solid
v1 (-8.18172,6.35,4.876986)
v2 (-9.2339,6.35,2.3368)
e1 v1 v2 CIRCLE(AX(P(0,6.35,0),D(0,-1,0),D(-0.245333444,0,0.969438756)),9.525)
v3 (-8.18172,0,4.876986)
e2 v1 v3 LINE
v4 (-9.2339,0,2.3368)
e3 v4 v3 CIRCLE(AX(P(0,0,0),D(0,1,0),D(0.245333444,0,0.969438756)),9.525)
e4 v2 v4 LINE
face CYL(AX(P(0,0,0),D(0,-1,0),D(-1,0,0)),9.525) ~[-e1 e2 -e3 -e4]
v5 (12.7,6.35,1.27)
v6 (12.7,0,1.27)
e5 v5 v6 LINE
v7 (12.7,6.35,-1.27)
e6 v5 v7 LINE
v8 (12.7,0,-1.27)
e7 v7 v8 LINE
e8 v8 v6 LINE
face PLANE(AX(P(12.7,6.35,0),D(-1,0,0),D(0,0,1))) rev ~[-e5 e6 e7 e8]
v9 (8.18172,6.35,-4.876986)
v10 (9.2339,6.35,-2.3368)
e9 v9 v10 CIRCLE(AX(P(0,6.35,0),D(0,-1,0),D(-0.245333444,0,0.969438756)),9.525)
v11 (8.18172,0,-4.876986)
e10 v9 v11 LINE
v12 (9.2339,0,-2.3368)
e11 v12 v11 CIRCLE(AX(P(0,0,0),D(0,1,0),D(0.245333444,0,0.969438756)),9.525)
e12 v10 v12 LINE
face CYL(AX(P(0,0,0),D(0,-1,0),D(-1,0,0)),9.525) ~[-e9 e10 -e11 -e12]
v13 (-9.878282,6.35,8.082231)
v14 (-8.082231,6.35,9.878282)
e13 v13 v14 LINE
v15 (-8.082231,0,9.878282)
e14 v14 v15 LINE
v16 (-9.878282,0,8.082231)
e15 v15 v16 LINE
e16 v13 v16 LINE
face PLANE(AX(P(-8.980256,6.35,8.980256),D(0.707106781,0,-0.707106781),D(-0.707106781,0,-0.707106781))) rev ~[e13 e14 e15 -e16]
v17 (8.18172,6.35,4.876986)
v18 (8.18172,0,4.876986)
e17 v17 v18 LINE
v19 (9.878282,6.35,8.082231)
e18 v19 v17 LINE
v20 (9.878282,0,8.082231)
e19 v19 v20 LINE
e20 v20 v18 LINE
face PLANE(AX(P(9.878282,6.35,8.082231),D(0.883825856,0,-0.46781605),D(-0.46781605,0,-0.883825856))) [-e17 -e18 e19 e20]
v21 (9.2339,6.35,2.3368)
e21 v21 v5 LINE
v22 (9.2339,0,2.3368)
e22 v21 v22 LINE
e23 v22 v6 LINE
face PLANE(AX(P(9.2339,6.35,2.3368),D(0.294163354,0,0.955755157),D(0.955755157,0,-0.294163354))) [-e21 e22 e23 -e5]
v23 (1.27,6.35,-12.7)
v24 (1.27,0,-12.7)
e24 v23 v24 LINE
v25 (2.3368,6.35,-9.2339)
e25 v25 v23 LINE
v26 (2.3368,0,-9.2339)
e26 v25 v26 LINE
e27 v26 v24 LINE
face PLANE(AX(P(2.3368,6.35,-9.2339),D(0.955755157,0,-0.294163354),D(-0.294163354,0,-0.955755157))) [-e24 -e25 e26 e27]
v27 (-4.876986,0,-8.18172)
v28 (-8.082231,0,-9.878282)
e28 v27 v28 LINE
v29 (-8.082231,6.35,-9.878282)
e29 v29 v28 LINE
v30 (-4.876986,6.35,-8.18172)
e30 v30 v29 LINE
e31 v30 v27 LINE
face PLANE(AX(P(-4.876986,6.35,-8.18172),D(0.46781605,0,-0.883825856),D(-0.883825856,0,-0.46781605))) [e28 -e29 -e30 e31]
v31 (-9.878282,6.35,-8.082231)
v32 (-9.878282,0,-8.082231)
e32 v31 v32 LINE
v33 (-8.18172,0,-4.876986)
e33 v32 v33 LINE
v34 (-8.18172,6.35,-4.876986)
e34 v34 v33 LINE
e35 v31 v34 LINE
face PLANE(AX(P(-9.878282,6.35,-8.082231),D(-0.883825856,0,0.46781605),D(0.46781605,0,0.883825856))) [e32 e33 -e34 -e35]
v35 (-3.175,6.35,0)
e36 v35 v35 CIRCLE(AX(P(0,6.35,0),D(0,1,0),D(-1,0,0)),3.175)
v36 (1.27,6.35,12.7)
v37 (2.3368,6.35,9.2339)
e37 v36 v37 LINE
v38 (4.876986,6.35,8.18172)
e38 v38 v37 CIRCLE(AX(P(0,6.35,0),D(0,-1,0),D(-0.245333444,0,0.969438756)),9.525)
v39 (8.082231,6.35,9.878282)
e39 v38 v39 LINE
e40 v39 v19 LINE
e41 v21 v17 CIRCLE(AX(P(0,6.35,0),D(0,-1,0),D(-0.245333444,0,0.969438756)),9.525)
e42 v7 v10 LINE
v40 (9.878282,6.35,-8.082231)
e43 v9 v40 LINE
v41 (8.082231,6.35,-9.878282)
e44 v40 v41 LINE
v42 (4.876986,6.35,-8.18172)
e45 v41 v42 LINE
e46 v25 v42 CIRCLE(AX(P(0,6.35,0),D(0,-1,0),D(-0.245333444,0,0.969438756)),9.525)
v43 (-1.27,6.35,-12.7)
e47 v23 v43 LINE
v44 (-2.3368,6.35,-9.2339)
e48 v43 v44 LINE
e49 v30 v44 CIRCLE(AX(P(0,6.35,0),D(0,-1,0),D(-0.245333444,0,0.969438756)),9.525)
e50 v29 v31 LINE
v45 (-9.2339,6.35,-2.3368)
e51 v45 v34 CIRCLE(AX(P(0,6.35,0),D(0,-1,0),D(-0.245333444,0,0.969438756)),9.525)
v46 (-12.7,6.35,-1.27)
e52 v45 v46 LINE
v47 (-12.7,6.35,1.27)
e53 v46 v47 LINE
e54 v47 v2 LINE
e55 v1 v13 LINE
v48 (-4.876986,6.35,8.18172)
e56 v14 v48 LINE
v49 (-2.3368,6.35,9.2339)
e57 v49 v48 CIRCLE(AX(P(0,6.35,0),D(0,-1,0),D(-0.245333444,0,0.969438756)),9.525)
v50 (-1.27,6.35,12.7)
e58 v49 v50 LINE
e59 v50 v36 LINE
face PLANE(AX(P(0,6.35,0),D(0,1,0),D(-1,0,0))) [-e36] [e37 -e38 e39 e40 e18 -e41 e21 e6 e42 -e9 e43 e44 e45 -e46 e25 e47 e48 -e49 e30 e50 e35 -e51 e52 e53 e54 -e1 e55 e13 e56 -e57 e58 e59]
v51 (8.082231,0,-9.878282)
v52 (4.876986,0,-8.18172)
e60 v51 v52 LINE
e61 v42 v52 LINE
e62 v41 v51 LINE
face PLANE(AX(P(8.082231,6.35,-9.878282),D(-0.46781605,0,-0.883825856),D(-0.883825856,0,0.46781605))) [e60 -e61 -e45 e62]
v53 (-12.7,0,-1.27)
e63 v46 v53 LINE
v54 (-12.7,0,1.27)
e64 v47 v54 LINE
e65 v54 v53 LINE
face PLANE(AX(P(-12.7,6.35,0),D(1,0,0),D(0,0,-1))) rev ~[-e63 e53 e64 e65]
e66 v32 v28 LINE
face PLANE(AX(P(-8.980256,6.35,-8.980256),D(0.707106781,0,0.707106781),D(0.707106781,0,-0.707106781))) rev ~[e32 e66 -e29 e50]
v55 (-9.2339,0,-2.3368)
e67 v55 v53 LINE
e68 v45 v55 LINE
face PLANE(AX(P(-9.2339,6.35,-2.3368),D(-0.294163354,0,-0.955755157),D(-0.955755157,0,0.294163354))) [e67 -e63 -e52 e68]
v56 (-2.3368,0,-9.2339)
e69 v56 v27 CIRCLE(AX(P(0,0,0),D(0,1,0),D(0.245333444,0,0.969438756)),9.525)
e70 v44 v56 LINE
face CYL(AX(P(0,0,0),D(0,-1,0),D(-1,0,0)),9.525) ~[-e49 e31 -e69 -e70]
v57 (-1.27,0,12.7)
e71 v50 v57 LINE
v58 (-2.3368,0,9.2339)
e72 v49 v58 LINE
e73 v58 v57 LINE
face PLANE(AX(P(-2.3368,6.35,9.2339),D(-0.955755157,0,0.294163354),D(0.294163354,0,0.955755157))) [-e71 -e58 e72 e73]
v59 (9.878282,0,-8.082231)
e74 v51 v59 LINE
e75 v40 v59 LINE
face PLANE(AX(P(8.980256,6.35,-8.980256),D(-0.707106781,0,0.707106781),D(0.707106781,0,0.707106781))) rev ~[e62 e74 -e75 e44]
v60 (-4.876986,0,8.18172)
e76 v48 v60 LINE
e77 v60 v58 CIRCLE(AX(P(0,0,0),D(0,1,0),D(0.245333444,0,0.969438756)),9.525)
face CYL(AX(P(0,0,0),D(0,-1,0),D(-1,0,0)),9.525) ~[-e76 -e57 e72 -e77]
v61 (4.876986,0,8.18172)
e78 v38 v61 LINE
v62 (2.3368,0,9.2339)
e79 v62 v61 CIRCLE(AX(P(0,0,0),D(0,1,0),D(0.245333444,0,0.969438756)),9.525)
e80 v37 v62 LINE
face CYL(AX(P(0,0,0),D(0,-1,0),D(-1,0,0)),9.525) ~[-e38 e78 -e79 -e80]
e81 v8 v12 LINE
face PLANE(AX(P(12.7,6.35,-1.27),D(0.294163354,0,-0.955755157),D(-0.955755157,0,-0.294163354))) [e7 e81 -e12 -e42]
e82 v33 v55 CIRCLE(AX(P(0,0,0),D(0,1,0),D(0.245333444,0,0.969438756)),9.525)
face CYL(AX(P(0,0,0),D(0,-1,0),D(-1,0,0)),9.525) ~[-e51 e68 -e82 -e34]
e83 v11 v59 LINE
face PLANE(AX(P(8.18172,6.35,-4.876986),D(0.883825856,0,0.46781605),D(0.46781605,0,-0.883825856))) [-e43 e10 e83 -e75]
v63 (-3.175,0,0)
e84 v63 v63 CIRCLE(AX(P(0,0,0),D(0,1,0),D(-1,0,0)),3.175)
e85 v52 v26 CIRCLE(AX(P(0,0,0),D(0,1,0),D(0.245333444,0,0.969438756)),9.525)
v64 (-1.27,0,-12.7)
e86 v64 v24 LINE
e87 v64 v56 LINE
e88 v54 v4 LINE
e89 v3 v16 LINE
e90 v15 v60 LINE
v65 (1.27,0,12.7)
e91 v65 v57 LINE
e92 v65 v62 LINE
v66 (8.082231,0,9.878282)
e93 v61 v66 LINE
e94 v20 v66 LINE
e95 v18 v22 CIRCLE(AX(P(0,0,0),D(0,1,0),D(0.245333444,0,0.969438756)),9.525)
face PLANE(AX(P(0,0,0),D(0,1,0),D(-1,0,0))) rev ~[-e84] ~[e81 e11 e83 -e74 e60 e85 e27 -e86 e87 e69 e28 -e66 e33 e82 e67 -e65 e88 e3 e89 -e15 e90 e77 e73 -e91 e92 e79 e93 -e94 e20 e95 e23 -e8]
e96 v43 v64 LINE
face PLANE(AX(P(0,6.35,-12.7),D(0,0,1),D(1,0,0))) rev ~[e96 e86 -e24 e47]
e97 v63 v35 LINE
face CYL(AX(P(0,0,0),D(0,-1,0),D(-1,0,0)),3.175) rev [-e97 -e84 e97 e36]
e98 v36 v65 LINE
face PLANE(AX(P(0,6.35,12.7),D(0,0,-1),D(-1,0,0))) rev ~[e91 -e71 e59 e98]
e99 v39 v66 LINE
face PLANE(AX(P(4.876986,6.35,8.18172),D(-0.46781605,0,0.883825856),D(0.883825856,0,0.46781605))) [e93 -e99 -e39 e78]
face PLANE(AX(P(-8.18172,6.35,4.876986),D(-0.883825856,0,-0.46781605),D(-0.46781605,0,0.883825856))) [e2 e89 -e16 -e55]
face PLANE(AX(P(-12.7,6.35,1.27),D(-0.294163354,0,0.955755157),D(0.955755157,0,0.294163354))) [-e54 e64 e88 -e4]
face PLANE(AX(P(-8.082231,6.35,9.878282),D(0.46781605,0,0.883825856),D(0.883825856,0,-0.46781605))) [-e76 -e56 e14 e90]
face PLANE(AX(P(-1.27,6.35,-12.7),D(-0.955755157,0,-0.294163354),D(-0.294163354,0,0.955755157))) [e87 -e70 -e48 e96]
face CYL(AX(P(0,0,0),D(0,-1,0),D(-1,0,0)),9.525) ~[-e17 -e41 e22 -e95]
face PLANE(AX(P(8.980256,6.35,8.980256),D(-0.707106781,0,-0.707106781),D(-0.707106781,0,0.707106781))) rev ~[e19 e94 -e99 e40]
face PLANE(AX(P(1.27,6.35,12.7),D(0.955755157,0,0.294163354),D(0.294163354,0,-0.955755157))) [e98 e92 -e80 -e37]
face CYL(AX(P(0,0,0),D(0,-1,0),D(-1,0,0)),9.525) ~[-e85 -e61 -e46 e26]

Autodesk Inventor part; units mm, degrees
ref_plane "YZ Plane" through (0, 0, 0) normal (1, 0, 0) x (0, 1, 0)
ref_plane "XZ Plane" through (0, 0, 0) normal (0, 1, 0) x (-1, 0, 0)
ref_plane "XY Plane" through (0, 0, 0) normal (0, 0, 1) x (1, 0, 0)
sketch "Sketch1" plane through (0, 0, 0) normal (0, 1, 0) x (-1, 0, 0)
  circle A0 centre (0, 0) radius 9.525
  circle A1 centre (0, 0) radius 3.175
  dimension "d0" = 19.05
  dimension "d1" = 6.35
extrude "Extrusion1" add sketch "Sketch1" along normal blind 6.35
sketch "Sketch2" plane through (0, 6.35, 0) normal (0, 1, 0) x (1, 0, 0)
  circle A0 centre (0, 0) radius 9.525 projected
  line L0 (0, -9.525) -> (0, -12.7)
  line L1 (0, -12.7) -> (-1.27, -12.7)
  line L2 (0, -12.7) -> (1.27, -12.7)
  line L3 (-2.3368, -9.2339) -> (2.3368, -9.2339)
  line L4 (1.27, -12.7) -> (2.3368, -9.2339)
  line L5 (-2.3368, -9.2339) -> (-1.27, -12.7)
  dimension "d4" = 3.175
  dimension "d5" = 1.27
  dimension "d6" = 1.27
  dimension "d12" = 4.6736
extrude "Extrusion2" add sketch "Sketch2" against normal blind 6.35 contours A0 L0 L1 L5 | L4 L2 L0 A0
pattern_circular "Circular Pattern1" count 8 over 360 about axis through (0, 0, 0) along (0, 1, 0) of "Extrusion2"
properties part number "drivenGear"
